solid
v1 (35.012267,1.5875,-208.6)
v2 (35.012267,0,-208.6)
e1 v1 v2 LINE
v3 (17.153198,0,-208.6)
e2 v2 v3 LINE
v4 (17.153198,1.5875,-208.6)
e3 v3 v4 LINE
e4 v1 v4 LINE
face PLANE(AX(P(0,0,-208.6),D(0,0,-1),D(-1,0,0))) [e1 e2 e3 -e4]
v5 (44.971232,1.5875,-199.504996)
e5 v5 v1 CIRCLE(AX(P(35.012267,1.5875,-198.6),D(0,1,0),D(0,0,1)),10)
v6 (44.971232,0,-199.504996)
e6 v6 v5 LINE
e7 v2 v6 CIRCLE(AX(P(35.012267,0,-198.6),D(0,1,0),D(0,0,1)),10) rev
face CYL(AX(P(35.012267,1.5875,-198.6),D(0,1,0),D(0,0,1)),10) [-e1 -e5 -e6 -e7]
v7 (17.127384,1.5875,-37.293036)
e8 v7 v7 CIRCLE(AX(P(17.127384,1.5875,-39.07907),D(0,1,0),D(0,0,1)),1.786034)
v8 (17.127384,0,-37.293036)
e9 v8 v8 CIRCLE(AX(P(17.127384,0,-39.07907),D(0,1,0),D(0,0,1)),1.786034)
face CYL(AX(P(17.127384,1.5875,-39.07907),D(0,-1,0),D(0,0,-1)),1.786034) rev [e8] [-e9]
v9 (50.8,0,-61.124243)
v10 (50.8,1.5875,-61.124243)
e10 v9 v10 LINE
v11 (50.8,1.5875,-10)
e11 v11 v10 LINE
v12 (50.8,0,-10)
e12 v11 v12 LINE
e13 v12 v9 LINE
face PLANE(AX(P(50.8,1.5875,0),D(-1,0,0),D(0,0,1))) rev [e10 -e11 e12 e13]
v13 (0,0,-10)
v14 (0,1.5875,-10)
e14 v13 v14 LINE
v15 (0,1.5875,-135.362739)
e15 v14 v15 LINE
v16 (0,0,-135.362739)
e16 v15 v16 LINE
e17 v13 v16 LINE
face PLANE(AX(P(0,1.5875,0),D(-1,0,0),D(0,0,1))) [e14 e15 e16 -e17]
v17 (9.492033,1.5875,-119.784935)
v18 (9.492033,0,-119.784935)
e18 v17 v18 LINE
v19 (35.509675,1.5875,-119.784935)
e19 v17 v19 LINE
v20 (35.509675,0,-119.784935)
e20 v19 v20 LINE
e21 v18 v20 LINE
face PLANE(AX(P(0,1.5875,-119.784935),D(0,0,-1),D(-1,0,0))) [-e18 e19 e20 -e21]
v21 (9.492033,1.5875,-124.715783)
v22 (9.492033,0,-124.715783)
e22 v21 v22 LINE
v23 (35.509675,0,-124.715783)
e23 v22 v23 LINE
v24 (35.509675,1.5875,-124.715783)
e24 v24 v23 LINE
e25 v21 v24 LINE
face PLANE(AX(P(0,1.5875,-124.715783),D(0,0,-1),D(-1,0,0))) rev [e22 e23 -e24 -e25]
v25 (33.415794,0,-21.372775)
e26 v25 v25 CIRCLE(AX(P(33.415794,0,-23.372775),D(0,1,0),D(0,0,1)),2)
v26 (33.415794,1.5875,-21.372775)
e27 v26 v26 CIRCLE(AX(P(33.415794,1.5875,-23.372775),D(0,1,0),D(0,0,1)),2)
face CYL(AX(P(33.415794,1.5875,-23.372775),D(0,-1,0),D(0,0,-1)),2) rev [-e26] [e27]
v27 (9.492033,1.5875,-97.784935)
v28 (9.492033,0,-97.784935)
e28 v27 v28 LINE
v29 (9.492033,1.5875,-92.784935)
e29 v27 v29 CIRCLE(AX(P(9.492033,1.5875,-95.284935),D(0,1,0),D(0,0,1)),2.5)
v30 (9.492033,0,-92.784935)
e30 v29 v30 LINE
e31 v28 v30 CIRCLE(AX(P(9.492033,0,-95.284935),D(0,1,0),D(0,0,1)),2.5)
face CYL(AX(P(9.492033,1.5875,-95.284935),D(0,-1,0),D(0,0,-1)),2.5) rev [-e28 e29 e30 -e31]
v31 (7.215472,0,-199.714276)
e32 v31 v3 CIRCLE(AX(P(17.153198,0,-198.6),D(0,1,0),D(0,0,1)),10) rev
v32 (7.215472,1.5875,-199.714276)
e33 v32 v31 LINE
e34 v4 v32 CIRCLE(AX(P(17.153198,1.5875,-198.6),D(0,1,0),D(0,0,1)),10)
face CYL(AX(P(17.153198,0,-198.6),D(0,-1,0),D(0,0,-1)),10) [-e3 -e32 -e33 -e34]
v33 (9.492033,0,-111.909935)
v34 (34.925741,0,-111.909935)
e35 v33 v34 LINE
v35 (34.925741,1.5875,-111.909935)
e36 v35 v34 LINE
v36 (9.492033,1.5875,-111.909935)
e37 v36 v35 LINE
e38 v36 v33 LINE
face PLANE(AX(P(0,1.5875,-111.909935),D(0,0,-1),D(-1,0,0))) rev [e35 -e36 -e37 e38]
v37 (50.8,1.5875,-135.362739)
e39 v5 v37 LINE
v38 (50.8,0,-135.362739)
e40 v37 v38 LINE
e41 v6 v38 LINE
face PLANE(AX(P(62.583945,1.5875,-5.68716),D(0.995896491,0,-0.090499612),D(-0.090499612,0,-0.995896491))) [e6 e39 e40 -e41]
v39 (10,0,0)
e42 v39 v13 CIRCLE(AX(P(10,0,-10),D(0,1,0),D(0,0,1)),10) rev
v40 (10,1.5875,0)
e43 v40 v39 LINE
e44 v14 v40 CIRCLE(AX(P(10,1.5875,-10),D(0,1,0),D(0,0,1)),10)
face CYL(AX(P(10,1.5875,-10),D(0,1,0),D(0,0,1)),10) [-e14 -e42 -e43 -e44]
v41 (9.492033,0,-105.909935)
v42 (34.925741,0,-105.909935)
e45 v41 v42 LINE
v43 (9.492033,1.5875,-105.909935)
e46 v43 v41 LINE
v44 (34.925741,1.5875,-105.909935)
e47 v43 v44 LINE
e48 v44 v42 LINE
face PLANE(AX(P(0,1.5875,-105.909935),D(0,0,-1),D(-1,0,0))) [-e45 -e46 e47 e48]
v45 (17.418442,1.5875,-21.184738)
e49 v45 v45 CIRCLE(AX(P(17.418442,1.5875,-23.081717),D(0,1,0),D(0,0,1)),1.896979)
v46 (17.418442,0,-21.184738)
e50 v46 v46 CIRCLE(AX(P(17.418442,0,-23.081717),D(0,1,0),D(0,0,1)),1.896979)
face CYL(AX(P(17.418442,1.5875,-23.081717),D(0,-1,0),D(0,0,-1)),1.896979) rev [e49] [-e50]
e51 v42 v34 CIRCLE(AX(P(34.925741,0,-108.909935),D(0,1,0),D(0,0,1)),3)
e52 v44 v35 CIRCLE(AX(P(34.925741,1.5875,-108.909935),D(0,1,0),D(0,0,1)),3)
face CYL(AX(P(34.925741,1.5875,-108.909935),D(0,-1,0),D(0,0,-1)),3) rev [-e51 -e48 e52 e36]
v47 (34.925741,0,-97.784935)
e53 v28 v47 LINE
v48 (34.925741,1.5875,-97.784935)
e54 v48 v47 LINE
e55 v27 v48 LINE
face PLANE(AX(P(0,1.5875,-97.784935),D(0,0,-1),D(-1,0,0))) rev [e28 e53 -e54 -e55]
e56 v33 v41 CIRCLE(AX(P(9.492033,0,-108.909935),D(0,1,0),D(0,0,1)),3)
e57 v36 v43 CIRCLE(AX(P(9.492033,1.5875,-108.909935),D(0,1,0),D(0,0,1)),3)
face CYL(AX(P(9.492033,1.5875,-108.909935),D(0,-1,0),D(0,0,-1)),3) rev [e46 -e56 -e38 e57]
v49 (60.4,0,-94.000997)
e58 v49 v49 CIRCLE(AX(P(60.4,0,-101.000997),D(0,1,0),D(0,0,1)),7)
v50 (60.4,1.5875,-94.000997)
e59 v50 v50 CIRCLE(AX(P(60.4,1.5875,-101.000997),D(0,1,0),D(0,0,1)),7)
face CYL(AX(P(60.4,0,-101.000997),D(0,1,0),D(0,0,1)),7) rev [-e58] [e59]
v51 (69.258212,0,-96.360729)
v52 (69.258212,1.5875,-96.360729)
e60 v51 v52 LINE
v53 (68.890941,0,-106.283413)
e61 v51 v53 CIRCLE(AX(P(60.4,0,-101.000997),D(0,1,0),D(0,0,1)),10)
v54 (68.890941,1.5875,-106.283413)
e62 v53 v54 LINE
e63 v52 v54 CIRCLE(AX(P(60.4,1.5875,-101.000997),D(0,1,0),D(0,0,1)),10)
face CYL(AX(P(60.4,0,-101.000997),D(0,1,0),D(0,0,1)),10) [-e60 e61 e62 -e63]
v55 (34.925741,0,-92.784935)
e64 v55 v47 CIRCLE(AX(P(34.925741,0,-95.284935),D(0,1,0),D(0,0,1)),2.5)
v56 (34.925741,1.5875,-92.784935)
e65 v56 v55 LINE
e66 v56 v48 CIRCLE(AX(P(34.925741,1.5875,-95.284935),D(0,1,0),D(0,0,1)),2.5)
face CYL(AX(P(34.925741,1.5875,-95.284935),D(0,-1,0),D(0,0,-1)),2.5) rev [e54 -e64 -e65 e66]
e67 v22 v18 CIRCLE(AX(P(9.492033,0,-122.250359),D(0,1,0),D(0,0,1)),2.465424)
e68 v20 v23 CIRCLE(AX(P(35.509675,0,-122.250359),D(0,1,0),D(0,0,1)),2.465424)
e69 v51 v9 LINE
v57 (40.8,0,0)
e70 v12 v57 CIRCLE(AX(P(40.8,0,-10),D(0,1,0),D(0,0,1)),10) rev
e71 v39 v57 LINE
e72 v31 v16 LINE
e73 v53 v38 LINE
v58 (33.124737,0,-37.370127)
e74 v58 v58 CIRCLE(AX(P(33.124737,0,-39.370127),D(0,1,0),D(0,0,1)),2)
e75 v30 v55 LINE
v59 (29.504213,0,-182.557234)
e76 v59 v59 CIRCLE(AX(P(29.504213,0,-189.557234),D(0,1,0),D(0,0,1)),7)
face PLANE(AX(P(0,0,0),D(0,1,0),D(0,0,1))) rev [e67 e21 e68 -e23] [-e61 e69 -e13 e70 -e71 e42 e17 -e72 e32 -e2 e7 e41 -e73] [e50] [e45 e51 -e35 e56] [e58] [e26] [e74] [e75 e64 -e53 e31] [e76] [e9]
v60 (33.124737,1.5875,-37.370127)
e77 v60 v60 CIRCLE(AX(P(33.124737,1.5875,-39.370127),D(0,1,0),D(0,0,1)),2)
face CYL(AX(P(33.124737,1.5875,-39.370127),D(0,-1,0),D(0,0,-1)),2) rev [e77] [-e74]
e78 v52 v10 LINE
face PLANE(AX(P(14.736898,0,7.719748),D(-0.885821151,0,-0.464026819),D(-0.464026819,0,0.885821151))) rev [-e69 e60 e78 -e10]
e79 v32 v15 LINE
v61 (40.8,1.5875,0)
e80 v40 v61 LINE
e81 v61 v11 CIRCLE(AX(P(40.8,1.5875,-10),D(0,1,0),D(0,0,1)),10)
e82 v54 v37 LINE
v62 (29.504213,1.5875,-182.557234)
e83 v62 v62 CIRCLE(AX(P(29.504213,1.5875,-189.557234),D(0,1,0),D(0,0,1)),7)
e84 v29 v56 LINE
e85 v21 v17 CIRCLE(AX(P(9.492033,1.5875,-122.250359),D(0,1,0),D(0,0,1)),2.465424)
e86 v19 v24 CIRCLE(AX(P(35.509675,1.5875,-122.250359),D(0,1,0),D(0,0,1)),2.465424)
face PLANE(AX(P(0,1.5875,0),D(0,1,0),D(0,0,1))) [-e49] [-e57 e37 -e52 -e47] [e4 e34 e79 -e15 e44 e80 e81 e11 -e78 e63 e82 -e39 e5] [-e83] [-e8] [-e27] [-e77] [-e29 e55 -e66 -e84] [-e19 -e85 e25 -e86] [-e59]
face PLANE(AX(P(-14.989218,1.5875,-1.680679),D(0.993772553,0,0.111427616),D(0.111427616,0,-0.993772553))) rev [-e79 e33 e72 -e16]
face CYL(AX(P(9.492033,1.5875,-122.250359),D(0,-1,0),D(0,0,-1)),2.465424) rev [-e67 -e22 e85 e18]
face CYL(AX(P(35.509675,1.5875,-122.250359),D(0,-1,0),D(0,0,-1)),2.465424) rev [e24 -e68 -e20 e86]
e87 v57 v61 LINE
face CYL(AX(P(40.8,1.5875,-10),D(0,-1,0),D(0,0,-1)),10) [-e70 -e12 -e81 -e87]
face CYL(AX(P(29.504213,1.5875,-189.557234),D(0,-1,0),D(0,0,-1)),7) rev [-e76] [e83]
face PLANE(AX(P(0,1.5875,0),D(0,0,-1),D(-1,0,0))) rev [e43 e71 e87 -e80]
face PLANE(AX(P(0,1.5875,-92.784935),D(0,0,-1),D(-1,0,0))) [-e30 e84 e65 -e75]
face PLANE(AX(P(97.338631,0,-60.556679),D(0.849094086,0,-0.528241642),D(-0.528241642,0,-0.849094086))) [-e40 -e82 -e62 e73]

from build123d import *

# Parameters (mm, degrees)
SKETCH1_R           = 1.896979128
SKETCH1_R_2         = 1.786033574
SKETCH1_R_3         = 2
SKETCH1_R_4         = 7
BOSS_EXTRUDE1_DEPTH = 1.5875
SKETCH4_W           = 66.272407177
SKETCH4_H           = 27.800260981
CUT_EXTRUDE2_DEPTH  = 20
FILLET3_R           = 10
FILLET4_R           = 10
BOSS_EXTRUDE3_START = -1.5875
BOSS_EXTRUDE3_DEPTH = 1.5875
SKETCH7_R           = 7
CUT_EXTRUDE3_DEPTH  = 1.5875


with BuildPart() as part:
    # Sketch1 → Boss-Extrude1 (new body)
    with BuildSketch(Plane(origin=(0, 0, 0), x_dir=(1, 0, 0), z_dir=(0, 1, 0))):
        with BuildLine():
            Line((42.32729629, 228.6), (10.454309325, 228.6))
            Line((10.454309325, 228.6), (0, 135.362739137))
            Line((0, 135.362739137), (0, 0))
            Line((0, 0), (24.327009544, 0))
            Line((24.327009544, 0), (50.8, 0))
            Line((50.8, 0), (50.8, 64.87909603))
            Line((50.8, 64.87909603), (50.8, 87.423477361))
            Line((50.8, 87.423477361), (50.8, 98.200996728))
            ThreePointArc((50.8, 98.200996728), (50.4, 101.000996728), (50.8, 103.800996728))
            Line((50.8, 103.800996728), (50.8, 104.488200565))
            Line((50.8, 104.488200565), (50.8, 120.619222808))
            Line((50.8, 120.619222808), (50.8, 135.362739137))
            Line((50.8, 135.362739137), (42.32729629, 228.6))
        make_face()
        with Locations(Location((17.418441927, 23.081717093, 0), (0, 0, 270))):
            Circle(SKETCH1_R, mode=Mode.SUBTRACT)
        with Locations(Location((17.127384385, 39.079069546, 0), (0, 0, 270))):
            Circle(SKETCH1_R_2, mode=Mode.SUBTRACT)
        with Locations(Location((33.41579438, 23.372774635, 0), (0, 0, 270))):
            Circle(SKETCH1_R_3, mode=Mode.SUBTRACT)
        with Locations(Location((33.124736838, 39.370127088, 0), (0, 0, 270))):
            Circle(SKETCH1_R_3, mode=Mode.SUBTRACT)
        with BuildLine():
            Line((34.925740903, 92.78493524), (9.492033273, 92.78493524))
            ThreePointArc((9.492033273, 92.78493524), (6.992033273, 95.28493524), (9.492033273, 97.78493524))
            Line((9.492033273, 97.78493524), (34.925740903, 97.78493524))
            ThreePointArc((34.925740903, 97.78493524), (36.693507856, 97.052702193), (37.425740903, 95.28493524))
            ThreePointArc((37.425740903, 95.28493524), (36.693507856, 93.517168287), (34.925740903, 92.78493524))
        make_face(mode=Mode.SUBTRACT)
        with BuildLine():
            Line((34.925740903, 105.90993524), (9.492033273, 105.90993524))
            ThreePointArc((9.492033273, 105.90993524), (6.492033273, 108.90993524), (9.492033273, 111.90993524))
            Line((9.492033273, 111.90993524), (34.925740903, 111.90993524))
            ThreePointArc((34.925740903, 111.90993524), (37.047061246, 111.031255584), (37.925740903, 108.90993524))
            ThreePointArc((37.925740903, 108.90993524), (37.047061246, 106.788614896), (34.925740903, 105.90993524))
        make_face(mode=Mode.SUBTRACT)
        with BuildLine():
            Line((35.509675341, 119.784935244), (9.492033273, 119.784935244))
            ThreePointArc((9.492033273, 119.784935244), (7.026609419, 122.250359097), (9.492033273, 124.71578295))
            Line((9.492033273, 124.71578295), (35.509675341, 124.71578295))
            ThreePointArc((35.509675341, 124.71578295), (37.252993266, 123.993677022), (37.975099194, 122.250359097))
            ThreePointArc((37.975099194, 122.250359097), (37.252993266, 120.507041172), (35.509675341, 119.784935244))
        make_face(mode=Mode.SUBTRACT)
        with Locations(Location((29.504213454, 189.557234372, 0), (0, 0, 270))):
            Circle(SKETCH1_R_4, mode=Mode.SUBTRACT)
    extrude(amount=BOSS_EXTRUDE1_DEPTH)

    # Sketch4 → Cut-Extrude2 (cut)
    with BuildSketch(Plane(origin=(0, 0, -228.6), x_dir=(-1, 0, 0), z_dir=(0, 0, -1))):
        with Locations((-28.174690156, -1.980940155)):
            Rectangle(SKETCH4_W, SKETCH4_H)
    extrude(amount=-CUT_EXTRUDE2_DEPTH, mode=Mode.SUBTRACT)

    # Fillet3
    fillet3_edges = [part.edges().sort_by_distance(p)[0] for p in [
        (44.144746445, 0.79375, -208.6),
    ]]
    fillet(fillet3_edges, radius=FILLET3_R)

    # Fillet4
    fillet4_edges = [part.edges().sort_by_distance(p)[0] for p in [
        (50.8, 0.79375, 0),
        (0, 0.79375, 0),
        (8.211791854, 0.79375, -208.6),
    ]]
    fillet(fillet4_edges, radius=FILLET4_R)

    # Sketch6 → Boss-Extrude3 (add)
    with BuildSketch(Plane(origin=(0, 1.5875, 0), x_dir=(1, 0, 0), z_dir=(0, 1, 0)).offset(BOSS_EXTRUDE3_START)):
        with BuildLine():
            Line((50.8, 135.362739137), (50.8, 103.800996728))
            ThreePointArc((50.8, 103.800996728), (50.4, 101.000996728), (50.8, 98.200996728))
            Line((50.8, 98.200996728), (50.8, 61.124243317))
            Line((50.8, 61.124243317), (69.258211507, 96.360728536))
            ThreePointArc((69.258211507, 96.360728536), (70.393157133, 101.370875786), (68.890940865, 106.283413148))
            Line((68.890940865, 106.283413148), (50.8, 135.362739137))
        make_face()
    extrude(amount=BOSS_EXTRUDE3_DEPTH)

    # Sketch7 → Cut-Extrude3 (cut)
    with BuildSketch(Plane(origin=(0, 1.5875, 0), x_dir=(1, 0, 0), z_dir=(0, 1, 0))):
        with Locations(Location((60.4, 101.000996728, 0), (0, 0, 270))):
            Circle(SKETCH7_R)
    extrude(amount=-CUT_EXTRUDE3_DEPTH, mode=Mode.SUBTRACT)


solid = part.part
